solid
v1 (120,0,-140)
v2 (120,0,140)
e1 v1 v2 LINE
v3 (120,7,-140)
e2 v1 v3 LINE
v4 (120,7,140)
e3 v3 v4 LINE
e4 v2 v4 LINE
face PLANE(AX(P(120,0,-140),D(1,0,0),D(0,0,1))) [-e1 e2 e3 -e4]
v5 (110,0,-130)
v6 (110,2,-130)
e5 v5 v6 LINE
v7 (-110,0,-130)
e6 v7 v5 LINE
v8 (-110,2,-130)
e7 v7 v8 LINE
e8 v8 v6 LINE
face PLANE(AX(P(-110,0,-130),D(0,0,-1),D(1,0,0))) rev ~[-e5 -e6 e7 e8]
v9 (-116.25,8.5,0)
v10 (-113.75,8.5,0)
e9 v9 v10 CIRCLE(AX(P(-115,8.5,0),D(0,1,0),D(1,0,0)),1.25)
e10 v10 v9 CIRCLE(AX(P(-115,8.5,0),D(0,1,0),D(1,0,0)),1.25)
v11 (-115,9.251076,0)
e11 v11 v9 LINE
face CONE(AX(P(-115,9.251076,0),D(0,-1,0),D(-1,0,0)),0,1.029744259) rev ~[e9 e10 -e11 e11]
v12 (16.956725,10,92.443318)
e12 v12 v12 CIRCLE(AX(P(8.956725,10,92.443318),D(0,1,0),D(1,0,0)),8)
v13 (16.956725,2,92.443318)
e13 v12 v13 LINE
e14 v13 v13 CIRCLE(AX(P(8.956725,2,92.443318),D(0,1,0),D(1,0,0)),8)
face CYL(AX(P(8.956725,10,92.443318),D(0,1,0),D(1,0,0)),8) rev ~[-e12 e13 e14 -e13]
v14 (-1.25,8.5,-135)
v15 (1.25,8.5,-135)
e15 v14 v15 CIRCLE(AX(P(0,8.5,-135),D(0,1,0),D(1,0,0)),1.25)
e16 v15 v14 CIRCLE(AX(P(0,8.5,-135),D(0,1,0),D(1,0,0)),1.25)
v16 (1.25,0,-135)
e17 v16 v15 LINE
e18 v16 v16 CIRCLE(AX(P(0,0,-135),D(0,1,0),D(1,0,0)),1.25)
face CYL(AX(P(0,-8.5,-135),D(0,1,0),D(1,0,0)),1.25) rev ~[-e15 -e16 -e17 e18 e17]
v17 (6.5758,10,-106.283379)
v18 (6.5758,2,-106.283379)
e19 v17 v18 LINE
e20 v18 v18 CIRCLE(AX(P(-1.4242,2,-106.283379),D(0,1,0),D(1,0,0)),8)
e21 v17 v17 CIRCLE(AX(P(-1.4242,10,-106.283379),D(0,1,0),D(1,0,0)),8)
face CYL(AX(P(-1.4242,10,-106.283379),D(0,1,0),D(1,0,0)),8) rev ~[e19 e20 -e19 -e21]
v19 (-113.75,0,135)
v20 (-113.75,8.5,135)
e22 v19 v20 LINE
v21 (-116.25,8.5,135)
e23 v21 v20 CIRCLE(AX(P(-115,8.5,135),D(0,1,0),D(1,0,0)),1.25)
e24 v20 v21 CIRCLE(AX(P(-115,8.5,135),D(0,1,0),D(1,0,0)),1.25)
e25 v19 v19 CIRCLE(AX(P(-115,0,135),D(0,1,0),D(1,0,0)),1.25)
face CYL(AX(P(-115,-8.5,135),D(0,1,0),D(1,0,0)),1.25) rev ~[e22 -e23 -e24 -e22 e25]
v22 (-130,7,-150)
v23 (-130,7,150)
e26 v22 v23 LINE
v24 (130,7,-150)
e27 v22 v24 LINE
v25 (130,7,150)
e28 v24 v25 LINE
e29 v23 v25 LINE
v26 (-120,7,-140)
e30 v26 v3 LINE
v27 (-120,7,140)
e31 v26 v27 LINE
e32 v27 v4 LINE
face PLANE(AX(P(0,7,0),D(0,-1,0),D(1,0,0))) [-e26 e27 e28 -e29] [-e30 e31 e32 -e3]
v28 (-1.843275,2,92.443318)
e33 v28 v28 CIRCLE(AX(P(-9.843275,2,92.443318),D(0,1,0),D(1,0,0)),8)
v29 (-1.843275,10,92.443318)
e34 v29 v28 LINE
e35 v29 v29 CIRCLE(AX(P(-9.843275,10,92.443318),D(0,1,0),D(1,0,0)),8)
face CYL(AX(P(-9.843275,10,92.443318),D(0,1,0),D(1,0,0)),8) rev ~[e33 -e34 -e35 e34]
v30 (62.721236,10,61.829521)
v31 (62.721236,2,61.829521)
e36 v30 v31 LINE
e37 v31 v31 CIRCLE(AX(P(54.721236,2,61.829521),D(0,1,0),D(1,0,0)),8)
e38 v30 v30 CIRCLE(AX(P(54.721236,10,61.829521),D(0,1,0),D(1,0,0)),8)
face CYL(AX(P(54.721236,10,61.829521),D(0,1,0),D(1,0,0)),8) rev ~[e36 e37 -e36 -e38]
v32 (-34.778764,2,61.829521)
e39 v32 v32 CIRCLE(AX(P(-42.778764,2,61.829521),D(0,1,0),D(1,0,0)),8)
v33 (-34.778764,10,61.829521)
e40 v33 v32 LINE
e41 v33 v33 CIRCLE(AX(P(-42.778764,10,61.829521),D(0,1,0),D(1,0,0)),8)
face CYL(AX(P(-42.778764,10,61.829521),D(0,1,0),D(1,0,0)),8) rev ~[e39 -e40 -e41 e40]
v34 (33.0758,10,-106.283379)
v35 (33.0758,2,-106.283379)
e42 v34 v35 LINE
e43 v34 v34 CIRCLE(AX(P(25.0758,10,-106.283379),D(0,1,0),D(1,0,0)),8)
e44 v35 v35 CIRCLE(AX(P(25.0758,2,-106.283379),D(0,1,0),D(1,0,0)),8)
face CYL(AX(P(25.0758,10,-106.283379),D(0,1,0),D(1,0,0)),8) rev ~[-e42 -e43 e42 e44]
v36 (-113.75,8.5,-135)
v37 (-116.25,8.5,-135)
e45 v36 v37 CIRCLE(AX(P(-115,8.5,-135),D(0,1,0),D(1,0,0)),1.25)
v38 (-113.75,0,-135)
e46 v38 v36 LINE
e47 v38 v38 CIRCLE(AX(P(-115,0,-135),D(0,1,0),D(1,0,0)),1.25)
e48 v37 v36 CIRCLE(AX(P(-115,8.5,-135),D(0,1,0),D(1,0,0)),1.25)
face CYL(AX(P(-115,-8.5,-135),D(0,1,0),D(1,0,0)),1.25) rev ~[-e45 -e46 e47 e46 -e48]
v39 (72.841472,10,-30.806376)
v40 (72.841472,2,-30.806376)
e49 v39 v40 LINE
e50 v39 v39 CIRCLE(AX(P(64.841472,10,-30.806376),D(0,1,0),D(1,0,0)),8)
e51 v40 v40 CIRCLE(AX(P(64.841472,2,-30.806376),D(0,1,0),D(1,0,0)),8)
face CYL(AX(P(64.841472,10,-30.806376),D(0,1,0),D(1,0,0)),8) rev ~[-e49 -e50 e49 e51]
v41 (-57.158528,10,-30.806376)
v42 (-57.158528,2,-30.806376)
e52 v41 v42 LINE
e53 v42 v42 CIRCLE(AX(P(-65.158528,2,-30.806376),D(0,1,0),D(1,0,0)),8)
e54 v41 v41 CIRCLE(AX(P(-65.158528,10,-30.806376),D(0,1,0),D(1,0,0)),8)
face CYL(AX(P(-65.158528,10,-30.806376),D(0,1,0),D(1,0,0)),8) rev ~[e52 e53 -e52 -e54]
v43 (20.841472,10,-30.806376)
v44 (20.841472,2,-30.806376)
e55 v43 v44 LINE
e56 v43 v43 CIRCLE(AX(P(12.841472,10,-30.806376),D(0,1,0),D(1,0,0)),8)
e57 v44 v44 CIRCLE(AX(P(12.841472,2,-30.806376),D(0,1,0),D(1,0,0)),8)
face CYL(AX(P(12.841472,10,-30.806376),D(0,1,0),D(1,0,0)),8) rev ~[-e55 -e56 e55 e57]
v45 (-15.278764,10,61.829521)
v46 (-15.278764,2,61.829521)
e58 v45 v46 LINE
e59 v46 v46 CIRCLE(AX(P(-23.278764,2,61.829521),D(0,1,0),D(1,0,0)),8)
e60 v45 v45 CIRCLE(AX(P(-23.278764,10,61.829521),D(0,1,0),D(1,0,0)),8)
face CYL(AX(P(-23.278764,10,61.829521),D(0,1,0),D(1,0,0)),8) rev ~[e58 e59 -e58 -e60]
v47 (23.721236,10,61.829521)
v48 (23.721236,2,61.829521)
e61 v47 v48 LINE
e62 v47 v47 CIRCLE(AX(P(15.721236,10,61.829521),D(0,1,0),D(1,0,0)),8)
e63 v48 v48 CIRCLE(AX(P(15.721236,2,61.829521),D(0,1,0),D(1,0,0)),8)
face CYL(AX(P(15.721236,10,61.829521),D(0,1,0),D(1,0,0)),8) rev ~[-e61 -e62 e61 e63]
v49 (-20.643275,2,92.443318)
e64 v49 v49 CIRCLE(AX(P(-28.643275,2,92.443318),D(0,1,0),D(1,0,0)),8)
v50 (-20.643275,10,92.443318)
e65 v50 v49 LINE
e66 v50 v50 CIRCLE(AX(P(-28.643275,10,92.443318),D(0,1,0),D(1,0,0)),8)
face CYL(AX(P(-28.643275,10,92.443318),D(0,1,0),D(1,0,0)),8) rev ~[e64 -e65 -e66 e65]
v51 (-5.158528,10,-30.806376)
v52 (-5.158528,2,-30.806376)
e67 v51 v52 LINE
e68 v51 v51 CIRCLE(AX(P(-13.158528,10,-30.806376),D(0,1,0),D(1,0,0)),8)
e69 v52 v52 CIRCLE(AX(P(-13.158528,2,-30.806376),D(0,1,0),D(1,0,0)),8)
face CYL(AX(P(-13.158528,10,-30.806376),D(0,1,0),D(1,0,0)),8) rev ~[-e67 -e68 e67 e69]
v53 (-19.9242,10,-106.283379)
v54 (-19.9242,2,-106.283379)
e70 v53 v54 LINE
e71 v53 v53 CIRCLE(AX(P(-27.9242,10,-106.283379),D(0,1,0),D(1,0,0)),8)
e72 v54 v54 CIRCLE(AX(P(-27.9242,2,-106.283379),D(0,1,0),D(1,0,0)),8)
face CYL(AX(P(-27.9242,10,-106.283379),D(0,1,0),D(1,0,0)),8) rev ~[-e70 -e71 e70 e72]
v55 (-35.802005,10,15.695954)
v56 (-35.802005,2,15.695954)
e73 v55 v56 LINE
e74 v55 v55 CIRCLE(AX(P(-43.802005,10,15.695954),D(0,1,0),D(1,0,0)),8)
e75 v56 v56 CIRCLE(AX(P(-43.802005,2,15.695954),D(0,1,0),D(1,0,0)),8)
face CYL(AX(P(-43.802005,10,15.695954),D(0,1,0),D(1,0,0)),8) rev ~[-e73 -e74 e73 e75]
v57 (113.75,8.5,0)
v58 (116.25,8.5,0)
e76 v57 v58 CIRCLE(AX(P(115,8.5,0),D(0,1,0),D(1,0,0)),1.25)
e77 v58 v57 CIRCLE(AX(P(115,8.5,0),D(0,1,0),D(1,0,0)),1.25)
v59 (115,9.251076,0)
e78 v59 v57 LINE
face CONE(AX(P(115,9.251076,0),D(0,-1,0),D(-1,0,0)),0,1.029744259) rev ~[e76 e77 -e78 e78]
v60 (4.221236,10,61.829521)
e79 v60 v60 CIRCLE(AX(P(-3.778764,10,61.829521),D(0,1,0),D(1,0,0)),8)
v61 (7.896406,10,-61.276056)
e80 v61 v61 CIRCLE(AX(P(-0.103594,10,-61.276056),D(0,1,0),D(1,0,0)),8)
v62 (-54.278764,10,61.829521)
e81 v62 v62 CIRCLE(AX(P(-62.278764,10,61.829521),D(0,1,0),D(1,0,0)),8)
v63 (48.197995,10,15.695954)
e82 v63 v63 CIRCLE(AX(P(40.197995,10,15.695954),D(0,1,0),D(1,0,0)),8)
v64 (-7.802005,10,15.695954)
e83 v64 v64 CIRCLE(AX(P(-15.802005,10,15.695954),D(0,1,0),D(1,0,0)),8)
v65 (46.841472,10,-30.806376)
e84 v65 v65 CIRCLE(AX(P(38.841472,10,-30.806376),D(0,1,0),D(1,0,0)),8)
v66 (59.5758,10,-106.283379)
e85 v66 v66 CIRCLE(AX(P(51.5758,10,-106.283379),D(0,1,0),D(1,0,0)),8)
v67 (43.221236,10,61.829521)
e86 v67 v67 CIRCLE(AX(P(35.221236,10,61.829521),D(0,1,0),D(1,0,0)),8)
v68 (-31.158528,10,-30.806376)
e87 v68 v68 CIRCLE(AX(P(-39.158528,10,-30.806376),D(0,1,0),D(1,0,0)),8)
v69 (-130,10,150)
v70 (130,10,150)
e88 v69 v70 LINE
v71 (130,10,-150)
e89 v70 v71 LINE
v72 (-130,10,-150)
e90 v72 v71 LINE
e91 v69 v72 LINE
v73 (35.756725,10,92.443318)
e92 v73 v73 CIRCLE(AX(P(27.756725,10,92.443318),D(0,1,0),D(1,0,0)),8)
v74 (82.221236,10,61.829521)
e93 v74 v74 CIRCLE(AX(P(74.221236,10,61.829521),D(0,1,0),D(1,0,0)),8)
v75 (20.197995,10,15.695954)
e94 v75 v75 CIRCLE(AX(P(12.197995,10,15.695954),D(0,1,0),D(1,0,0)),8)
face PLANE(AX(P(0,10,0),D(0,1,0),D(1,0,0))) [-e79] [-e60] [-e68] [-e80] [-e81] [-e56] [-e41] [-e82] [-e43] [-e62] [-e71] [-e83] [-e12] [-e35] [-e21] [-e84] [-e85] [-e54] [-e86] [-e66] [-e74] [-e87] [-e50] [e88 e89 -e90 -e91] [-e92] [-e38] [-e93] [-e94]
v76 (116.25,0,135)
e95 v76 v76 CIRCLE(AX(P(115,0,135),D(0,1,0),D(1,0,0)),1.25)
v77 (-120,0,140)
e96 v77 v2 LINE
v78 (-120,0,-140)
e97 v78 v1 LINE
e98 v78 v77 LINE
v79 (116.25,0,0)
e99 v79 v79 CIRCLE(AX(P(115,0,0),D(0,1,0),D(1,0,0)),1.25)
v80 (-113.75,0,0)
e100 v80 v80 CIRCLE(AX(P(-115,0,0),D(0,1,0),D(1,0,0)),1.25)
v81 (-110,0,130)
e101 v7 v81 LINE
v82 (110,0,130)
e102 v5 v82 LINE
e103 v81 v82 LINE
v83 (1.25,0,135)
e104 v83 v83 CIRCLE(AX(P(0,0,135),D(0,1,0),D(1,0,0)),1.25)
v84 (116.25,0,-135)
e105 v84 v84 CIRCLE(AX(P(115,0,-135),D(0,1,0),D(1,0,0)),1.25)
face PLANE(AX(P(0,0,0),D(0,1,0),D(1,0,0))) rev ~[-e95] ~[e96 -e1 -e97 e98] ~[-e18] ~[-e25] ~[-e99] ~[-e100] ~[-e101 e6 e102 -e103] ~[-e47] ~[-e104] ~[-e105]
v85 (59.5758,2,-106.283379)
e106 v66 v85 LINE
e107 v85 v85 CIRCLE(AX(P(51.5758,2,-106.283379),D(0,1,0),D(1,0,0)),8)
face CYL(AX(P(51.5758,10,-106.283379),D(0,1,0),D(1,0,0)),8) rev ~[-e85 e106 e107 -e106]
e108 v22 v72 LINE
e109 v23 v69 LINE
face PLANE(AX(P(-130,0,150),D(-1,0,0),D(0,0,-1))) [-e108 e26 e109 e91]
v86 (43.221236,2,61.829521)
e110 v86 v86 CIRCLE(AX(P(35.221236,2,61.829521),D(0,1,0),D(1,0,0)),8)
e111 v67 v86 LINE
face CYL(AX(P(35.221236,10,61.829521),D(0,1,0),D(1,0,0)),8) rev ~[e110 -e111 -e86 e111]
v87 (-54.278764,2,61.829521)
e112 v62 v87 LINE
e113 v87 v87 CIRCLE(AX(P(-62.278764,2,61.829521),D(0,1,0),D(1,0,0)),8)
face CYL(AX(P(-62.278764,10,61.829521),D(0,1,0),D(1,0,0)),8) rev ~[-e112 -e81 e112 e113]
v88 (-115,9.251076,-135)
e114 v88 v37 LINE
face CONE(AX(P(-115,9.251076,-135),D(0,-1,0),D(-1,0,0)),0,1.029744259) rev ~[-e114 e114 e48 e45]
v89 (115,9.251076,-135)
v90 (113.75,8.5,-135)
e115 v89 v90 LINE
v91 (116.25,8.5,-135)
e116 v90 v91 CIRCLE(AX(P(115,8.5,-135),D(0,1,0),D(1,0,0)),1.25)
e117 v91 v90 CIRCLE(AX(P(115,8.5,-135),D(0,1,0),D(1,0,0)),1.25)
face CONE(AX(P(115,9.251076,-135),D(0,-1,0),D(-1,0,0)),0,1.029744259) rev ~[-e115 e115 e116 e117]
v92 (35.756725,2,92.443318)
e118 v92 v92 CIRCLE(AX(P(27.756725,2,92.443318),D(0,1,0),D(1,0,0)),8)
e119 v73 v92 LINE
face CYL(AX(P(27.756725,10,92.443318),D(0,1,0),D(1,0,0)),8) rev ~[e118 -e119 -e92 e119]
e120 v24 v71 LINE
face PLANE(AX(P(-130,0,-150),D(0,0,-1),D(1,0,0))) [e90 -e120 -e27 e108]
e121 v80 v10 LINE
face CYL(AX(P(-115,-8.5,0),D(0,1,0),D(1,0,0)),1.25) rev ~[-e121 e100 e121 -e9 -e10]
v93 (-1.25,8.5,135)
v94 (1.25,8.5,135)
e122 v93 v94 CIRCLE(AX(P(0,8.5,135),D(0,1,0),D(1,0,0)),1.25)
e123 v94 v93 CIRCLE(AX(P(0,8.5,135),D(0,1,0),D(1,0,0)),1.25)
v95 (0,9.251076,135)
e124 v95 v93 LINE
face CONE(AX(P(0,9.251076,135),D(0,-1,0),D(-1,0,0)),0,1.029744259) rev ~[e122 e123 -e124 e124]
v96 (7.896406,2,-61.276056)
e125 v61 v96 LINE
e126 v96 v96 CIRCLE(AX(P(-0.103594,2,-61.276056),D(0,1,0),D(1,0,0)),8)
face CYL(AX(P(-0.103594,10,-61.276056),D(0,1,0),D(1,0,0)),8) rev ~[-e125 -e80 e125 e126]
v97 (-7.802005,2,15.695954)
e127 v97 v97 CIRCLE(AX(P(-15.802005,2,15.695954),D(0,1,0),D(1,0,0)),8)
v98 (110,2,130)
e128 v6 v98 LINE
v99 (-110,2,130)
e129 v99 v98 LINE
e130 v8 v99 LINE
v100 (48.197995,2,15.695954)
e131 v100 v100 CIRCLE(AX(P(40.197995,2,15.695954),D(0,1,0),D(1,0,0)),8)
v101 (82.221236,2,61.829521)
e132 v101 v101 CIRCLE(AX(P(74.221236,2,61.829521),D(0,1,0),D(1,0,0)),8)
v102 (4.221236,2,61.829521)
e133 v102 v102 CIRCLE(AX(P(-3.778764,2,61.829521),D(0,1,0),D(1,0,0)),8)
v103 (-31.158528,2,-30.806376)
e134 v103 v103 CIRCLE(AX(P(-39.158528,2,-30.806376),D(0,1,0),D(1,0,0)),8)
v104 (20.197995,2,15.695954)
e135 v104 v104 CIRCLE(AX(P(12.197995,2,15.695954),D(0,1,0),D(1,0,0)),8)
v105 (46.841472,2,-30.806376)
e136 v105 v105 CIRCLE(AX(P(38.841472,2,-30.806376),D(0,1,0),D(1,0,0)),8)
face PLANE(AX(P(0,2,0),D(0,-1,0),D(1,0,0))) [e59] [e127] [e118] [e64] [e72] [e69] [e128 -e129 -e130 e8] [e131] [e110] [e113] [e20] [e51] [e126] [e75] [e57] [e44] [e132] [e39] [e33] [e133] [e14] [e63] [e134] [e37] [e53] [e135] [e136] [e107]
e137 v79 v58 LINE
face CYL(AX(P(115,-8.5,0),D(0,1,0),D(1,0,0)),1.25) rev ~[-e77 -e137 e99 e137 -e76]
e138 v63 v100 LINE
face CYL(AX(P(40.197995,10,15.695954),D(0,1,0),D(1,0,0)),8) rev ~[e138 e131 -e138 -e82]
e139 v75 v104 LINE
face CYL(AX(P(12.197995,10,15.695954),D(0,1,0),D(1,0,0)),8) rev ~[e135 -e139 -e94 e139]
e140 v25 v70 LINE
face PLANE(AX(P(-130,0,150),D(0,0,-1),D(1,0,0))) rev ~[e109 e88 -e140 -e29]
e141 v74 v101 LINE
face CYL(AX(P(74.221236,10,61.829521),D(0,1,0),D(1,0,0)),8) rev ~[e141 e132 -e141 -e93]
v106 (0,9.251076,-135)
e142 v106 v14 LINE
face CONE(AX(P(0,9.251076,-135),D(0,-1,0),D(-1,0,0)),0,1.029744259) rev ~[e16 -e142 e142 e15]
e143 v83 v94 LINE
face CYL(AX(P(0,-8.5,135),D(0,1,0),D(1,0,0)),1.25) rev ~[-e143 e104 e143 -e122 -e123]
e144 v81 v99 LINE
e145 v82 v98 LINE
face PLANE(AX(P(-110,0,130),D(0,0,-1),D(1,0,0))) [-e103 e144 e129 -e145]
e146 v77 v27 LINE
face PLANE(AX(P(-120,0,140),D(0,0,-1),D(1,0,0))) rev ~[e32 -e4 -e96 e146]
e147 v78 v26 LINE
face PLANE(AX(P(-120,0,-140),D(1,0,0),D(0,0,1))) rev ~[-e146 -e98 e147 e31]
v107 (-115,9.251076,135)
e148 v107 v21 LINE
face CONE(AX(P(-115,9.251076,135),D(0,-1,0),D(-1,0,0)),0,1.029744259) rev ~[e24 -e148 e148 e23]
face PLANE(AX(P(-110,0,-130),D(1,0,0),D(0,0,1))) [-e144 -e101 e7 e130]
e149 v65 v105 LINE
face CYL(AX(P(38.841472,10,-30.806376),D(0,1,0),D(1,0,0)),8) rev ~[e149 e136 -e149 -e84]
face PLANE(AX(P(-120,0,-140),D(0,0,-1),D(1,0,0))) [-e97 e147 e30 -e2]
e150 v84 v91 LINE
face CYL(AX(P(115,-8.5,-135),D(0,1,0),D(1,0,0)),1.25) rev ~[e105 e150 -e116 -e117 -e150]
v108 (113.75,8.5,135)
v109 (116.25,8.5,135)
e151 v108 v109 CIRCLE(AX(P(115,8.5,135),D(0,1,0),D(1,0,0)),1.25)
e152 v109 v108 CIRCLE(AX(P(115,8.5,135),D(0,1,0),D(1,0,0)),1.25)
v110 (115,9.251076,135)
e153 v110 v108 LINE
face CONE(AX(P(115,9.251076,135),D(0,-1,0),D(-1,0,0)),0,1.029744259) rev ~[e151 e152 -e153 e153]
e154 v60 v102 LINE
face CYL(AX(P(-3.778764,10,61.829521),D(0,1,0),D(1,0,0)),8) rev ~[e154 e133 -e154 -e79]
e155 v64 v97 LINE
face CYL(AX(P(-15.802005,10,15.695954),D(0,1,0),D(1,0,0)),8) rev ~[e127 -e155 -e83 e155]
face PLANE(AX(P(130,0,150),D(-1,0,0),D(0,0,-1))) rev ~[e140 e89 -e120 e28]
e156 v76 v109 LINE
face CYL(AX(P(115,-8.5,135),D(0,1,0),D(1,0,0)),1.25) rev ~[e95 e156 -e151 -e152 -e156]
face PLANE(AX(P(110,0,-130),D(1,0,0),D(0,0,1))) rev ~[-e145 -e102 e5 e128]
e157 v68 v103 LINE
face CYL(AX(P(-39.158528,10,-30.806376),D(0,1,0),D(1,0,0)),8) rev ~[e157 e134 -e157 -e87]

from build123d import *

# Parameters (mm, degrees)
SKETCH_1_W          = 260
SKETCH_1_H          = 300
EXTRUDE_1_DEPTH     = 10
SKETCH_2_W          = 220
SKETCH_2_H          = 260
CUT_EXTRUDE_1_DEPTH = 2
M3X0_51_D           = 2.5
M3X0_51_DEPTH       = 8.5
M3X0_51_TIP         = 0.751075774
SKETCH_9_W          = 260
SKETCH_9_H          = 300
SKETCH_9_W_2        = 240
SKETCH_9_H_2        = 280
CUT_EXTRUDE_3_DEPTH = 7
SKETCH_10_R         = 8
CUT_EXTRUDE_4_DEPTH = 11


with BuildPart() as part:
    # Эскиз1 → Бобышка-Вытянуть1 (new body)
    with BuildSketch(Plane(origin=(0, 0, 0), x_dir=(1, 0, 0), z_dir=(0, 1, 0))):
        Rectangle(SKETCH_1_W, SKETCH_1_H)
    extrude(amount=EXTRUDE_1_DEPTH)

    # Эскиз2 → Вырез-Вытянуть1 (cut)
    with BuildSketch(Plane.XZ):
        Rectangle(SKETCH_2_W, SKETCH_2_H)
    extrude(amount=-CUT_EXTRUDE_1_DEPTH, mode=Mode.SUBTRACT)

    # Отверстие обработанное метчиком M3x0.51
    with Locations(Plane(origin=(0, 0, 0), x_dir=(-1, 0, 0), z_dir=(0, -1, 0))):
        with Locations((-115, 135), (0, 135), (115, 135), (115, -135), (0, -135), (-115, -135), (115, 0), (-115, 0)):
            Hole(M3X0_51_D / 2, depth=M3X0_51_DEPTH)
            with Locations((0, 0, -(M3X0_51_DEPTH + M3X0_51_TIP / 2))):  # 118° drill point
                Cone(0, M3X0_51_D / 2, M3X0_51_TIP, mode=Mode.SUBTRACT)

    # Эскиз9 → Вырез-Вытянуть3 (cut)
    with BuildSketch(Plane.XZ):
        Rectangle(SKETCH_9_W, SKETCH_9_H)
        Rectangle(SKETCH_9_W_2, SKETCH_9_H_2, mode=Mode.SUBTRACT)
    extrude(amount=-CUT_EXTRUDE_3_DEPTH, mode=Mode.SUBTRACT)

    # Эскиз10 → Вырез-Вытянуть4 (cut, through all)
    with BuildSketch(Plane(origin=(0, 10, 0), x_dir=(1, 0, 0), z_dir=(0, 1, 0))):
        with Locations((74.221236429, -61.829520648)):
            Circle(SKETCH_10_R)
        with Locations((54.721236429, -61.829520648)):
            Circle(SKETCH_10_R)
        with Locations((35.221236429, -61.829520648)):
            Circle(SKETCH_10_R)
        with Locations((15.721236429, -61.829520648)):
            Circle(SKETCH_10_R)
        with Locations((-3.778763571, -61.829520648)):
            Circle(SKETCH_10_R)
        with Locations((-23.278763571, -61.829520648)):
            Circle(SKETCH_10_R)
        with Locations((-42.778763571, -61.829520648)):
            Circle(SKETCH_10_R)
        with Locations((-62.278763571, -61.829520648)):
            Circle(SKETCH_10_R)
        with Locations((27.756724611, -92.443317545)):
            Circle(SKETCH_10_R)
        with Locations((8.956724611, -92.443317545)):
            Circle(SKETCH_10_R)
        with Locations((-9.843275389, -92.443317545)):
            Circle(SKETCH_10_R)
        with Locations((-28.643275389, -92.443317545)):
            Circle(SKETCH_10_R)
        with Locations((40.197994593, -15.695954372)):
            Circle(SKETCH_10_R)
        with Locations((12.197994593, -15.695954372)):
            Circle(SKETCH_10_R)
        with Locations((-15.802005407, -15.695954372)):
            Circle(SKETCH_10_R)
        with Locations((-43.802005407, -15.695954372)):
            Circle(SKETCH_10_R)
        with Locations((64.84147229, 30.806375684)):
            Circle(SKETCH_10_R)
        with Locations((38.84147229, 30.806375684)):
            Circle(SKETCH_10_R)
        with Locations((12.84147229, 30.806375684)):
            Circle(SKETCH_10_R)
        with Locations((-13.15852771, 30.806375684)):
            Circle(SKETCH_10_R)
        with Locations((-39.15852771, 30.806375684)):
            Circle(SKETCH_10_R)
        with Locations((-65.15852771, 30.806375684)):
            Circle(SKETCH_10_R)
        with Locations((51.575799991, 106.283379385)):
            Circle(SKETCH_10_R)
        with Locations((25.075799991, 106.283379385)):
            Circle(SKETCH_10_R)
        with Locations((-1.424200009, 106.283379385)):
            Circle(SKETCH_10_R)
        with Locations((-27.924200009, 106.283379385)):
            Circle(SKETCH_10_R)
        with Locations((-0.103593652, 61.276056387)):
            Circle(SKETCH_10_R)
    extrude(amount=-CUT_EXTRUDE_4_DEPTH, mode=Mode.SUBTRACT)


solid = part.part
